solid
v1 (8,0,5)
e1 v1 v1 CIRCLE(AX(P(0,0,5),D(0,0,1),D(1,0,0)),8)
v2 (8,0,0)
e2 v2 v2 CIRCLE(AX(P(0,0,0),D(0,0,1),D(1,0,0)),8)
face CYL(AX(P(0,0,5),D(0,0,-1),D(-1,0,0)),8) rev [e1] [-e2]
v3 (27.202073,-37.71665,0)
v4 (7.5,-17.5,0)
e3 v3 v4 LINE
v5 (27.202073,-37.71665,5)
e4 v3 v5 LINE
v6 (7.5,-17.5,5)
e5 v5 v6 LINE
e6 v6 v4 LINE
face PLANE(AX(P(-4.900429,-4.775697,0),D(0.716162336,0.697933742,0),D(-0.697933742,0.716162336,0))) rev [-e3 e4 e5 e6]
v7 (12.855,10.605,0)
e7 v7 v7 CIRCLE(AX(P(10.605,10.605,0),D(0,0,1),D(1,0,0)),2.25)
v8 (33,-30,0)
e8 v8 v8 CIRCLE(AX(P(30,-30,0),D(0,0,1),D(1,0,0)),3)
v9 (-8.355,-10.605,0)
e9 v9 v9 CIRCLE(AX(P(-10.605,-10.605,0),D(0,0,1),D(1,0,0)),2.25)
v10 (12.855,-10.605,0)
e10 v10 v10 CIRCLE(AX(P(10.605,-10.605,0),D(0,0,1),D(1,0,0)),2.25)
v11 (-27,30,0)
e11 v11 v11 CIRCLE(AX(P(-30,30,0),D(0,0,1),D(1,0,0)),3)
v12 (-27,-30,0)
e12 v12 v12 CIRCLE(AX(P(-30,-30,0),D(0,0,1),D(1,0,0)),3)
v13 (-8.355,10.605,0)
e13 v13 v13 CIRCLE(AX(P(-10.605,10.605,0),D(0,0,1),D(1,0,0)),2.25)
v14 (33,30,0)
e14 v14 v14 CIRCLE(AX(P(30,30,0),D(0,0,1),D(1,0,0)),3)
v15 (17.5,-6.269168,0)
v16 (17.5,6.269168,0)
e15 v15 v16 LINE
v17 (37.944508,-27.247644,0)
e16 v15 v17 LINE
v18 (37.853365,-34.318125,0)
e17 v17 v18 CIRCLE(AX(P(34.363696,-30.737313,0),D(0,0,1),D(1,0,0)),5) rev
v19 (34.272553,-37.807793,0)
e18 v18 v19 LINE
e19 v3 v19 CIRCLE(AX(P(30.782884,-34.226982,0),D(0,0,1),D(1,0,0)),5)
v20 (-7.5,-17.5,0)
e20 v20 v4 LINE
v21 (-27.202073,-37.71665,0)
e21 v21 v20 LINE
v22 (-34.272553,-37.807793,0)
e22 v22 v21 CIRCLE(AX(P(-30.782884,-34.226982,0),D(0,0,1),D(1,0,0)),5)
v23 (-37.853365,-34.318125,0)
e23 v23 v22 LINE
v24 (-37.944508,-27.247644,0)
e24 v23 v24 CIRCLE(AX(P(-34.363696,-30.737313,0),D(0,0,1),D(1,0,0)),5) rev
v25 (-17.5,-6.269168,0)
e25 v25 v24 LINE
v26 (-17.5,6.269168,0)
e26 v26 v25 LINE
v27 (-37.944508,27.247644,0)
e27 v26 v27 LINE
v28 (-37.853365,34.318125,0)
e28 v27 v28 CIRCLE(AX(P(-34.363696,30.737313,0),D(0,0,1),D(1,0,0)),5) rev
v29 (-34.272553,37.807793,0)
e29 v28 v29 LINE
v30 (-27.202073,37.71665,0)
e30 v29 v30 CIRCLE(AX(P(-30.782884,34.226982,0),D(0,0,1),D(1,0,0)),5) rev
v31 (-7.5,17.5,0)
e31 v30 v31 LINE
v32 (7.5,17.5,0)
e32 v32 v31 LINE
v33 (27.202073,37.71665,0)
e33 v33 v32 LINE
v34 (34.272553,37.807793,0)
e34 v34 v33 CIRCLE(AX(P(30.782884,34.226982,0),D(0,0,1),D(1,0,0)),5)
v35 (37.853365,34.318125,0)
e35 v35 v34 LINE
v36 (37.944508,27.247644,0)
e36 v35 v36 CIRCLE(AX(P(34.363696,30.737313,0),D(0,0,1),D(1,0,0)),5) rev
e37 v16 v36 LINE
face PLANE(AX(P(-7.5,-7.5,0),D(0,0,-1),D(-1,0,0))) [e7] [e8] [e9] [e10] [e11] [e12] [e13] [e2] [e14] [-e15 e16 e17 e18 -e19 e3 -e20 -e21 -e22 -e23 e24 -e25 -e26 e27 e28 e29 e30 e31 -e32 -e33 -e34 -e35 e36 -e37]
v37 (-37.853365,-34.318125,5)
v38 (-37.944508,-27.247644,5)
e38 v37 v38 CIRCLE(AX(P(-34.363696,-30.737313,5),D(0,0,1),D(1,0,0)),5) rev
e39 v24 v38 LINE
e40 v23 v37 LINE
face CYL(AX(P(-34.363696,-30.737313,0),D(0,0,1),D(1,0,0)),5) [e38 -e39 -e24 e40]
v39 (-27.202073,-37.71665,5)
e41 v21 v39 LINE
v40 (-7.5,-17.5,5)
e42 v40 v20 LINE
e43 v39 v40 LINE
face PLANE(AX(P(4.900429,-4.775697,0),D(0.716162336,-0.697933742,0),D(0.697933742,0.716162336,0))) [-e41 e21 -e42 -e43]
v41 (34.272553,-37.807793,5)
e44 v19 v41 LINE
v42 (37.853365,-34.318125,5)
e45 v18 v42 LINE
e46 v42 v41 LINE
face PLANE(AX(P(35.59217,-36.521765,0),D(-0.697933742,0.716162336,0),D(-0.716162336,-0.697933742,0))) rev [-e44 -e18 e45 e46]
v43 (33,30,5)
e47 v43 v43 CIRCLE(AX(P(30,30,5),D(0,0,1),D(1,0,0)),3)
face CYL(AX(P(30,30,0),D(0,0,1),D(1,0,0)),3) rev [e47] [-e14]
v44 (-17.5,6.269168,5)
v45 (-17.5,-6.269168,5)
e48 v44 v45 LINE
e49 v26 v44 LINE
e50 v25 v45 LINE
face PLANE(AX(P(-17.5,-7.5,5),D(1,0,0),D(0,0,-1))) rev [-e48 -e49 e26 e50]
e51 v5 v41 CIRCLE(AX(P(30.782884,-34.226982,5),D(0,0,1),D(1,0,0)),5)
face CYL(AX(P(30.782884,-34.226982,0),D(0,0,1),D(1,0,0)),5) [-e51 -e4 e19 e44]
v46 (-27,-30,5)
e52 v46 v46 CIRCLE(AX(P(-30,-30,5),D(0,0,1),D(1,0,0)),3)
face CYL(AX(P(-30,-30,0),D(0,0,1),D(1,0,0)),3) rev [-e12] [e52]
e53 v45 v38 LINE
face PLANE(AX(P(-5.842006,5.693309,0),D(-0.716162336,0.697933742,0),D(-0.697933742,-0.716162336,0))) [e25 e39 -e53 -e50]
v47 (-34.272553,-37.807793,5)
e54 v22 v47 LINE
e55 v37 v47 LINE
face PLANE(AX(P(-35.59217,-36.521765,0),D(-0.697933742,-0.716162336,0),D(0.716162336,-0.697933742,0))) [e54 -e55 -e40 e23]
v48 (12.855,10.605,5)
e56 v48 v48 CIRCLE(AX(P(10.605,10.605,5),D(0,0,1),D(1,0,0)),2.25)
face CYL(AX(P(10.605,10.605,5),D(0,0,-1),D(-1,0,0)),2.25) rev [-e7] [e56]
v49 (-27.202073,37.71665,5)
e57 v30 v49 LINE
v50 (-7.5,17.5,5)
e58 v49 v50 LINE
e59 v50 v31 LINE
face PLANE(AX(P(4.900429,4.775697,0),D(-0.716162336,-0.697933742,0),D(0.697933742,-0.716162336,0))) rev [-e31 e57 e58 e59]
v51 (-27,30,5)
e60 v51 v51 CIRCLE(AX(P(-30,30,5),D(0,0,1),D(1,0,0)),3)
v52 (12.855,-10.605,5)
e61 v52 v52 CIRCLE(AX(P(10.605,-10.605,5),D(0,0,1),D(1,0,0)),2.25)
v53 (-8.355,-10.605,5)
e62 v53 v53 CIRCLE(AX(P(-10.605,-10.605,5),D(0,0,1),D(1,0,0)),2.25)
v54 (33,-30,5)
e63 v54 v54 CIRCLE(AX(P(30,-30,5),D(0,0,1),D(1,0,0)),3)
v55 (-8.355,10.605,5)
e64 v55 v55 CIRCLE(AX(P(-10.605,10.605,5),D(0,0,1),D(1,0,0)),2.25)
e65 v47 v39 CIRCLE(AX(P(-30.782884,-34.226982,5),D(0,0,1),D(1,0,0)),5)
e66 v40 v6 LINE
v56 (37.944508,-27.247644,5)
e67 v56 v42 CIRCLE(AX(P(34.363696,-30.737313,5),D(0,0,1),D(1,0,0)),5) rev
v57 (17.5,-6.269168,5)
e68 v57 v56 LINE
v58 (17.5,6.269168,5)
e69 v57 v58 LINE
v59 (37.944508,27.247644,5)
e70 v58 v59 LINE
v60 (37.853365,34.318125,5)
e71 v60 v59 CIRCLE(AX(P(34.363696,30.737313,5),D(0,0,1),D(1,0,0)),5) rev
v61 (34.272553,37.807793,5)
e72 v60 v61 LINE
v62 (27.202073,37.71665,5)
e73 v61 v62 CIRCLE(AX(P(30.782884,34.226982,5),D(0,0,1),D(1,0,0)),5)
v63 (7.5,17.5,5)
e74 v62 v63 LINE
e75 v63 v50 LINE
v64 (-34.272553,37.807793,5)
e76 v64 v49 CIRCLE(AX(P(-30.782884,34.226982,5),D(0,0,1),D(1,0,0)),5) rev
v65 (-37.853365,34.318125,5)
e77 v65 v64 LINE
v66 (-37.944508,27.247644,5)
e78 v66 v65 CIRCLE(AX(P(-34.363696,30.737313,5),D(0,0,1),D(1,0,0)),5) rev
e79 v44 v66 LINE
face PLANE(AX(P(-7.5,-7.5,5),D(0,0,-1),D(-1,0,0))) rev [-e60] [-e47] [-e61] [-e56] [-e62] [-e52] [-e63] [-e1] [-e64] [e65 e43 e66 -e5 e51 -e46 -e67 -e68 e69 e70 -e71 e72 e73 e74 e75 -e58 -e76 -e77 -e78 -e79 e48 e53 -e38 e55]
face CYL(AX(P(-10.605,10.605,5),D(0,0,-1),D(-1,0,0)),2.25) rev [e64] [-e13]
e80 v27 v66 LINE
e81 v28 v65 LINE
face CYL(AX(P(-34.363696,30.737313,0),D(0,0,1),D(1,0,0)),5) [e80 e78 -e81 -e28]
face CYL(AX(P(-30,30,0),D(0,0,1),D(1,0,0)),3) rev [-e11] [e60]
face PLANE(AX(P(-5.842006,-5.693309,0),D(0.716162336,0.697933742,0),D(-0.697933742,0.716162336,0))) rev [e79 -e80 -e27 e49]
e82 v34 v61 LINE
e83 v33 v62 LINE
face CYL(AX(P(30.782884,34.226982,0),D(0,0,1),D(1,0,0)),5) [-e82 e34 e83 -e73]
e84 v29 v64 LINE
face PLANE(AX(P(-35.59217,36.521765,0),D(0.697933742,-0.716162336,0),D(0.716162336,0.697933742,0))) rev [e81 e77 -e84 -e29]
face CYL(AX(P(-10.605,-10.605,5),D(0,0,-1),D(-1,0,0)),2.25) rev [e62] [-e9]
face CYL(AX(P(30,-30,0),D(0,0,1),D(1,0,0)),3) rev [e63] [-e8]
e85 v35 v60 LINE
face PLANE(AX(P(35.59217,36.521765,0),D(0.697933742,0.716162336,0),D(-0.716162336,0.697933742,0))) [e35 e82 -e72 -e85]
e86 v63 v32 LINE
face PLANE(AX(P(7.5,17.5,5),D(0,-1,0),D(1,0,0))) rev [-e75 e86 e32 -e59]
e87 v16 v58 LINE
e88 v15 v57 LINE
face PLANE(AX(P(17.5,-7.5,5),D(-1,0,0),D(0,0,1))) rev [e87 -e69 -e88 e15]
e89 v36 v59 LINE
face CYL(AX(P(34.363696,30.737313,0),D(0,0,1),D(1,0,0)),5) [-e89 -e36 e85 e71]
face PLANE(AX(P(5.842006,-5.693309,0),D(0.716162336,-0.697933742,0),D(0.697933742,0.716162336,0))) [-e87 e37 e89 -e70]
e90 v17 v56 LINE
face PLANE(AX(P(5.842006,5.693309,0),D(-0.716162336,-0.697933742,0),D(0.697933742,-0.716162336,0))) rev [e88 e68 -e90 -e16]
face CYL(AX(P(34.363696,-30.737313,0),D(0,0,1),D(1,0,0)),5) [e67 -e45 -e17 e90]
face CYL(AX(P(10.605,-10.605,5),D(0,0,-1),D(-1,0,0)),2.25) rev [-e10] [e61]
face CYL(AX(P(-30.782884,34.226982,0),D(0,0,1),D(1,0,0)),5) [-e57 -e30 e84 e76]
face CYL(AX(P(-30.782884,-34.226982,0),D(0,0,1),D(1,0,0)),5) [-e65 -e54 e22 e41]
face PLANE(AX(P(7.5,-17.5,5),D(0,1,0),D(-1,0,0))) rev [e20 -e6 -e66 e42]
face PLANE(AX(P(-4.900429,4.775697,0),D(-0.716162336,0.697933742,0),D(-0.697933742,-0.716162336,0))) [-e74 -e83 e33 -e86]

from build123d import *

# Parameters (mm, degrees)
ESQUISSE1_R        = 8
ESQUISSE1_R_2      = 2.25
BOSS_EXTRU_1_DEPTH = 5
BOSS_EXTRU_2_START = -5
ESQUISSE2_R        = 3
BOSS_EXTRU_2_DEPTH = 5


with BuildPart() as part:
    # Esquisse1 → Boss.-Extru.1 (new body)
    with BuildSketch(Plane.XY):
        with BuildLine():
            Line((7.5, -17.5), (-7.5, -17.5))
            ThreePointArc((-7.5, -17.5), (-14.571067812, -14.571067812), (-17.5, -7.5))
            Line((-17.5, -7.5), (-17.5, 7.5))
            ThreePointArc((-17.5, 7.5), (-14.571067812, 14.571067812), (-7.5, 17.5))
            Line((-7.5, 17.5), (7.5, 17.5))
            ThreePointArc((7.5, 17.5), (14.571067812, 14.571067812), (17.5, 7.5))
            Line((17.5, 7.5), (17.5, -7.5))
            ThreePointArc((17.5, -7.5), (14.571067812, -14.571067812), (7.5, -17.5))
        make_face()
        Circle(ESQUISSE1_R, mode=Mode.SUBTRACT)
        with Locations((-10.605, 10.605)):
            Circle(ESQUISSE1_R_2, mode=Mode.SUBTRACT)
        with Locations((10.605, 10.605)):
            Circle(ESQUISSE1_R_2, mode=Mode.SUBTRACT)
        with Locations((-10.605, -10.605)):
            Circle(ESQUISSE1_R_2, mode=Mode.SUBTRACT)
        with Locations((10.605, -10.605)):
            Circle(ESQUISSE1_R_2, mode=Mode.SUBTRACT)
    extrude(amount=BOSS_EXTRU_1_DEPTH)

    # Esquisse2 → Boss.-Extru.2 (add)
    # profile 1 of 4: a face of its own
    with BuildSketch(Plane.XY.offset(5).offset(BOSS_EXTRU_2_START)):
        with BuildLine():
            Line((-37.944507823, 27.247644267), (-17.5, 6.269167951))
            Line((-17.5, 6.269167951), (-17.5, 7.5))
            ThreePointArc((-17.5, 7.5), (-14.571067812, 14.571067812), (-7.5, 17.5))
            Line((-7.5, 17.5), (-27.202072783, 37.7166504))
            ThreePointArc((-27.202072783, 37.7166504), (-30.718436651, 39.22656632), (-34.272553174, 37.807793369))
            Line((-34.272553174, 37.807793369), (-37.853364854, 34.318124658))
            ThreePointArc((-37.853364854, 34.318124658), (-39.363280773, 30.80176079), (-37.944507823, 27.247644267))
        make_face()
        with Locations((-30, 30)):
            Circle(ESQUISSE2_R, mode=Mode.SUBTRACT)
    # profile 2 of 4: a face of its own
    with BuildSketch(Plane.XY.offset(5).offset(BOSS_EXTRU_2_START)):
        with BuildLine():
            ThreePointArc((37.944507823, 27.247644267), (39.363280773, 30.80176079), (37.853364854, 34.318124658))
            Line((37.853364854, 34.318124658), (34.272553174, 37.807793369))
            ThreePointArc((34.272553174, 37.807793369), (30.718436651, 39.22656632), (27.202072783, 37.7166504))
            Line((27.202072783, 37.7166504), (7.5, 17.5))
            ThreePointArc((7.5, 17.5), (14.571067812, 14.571067812), (17.5, 7.5))
            Line((17.5, 7.5), (17.5, 6.269167951))
            Line((17.5, 6.269167951), (37.944507823, 27.247644267))
        make_face()
        with Locations((30, 30)):
            Circle(ESQUISSE2_R, mode=Mode.SUBTRACT)
    # profile 3 of 4: a face of its own
    with BuildSketch(Plane.XY.offset(5).offset(BOSS_EXTRU_2_START)):
        with BuildLine():
            Line((37.944507823, -27.247644267), (17.5, -6.269167951))
            Line((17.5, -6.269167951), (17.5, -7.5))
            ThreePointArc((17.5, -7.5), (14.571067812, -14.571067812), (7.5, -17.5))
            Line((7.5, -17.5), (27.202072783, -37.7166504))
            ThreePointArc((27.202072783, -37.7166504), (30.718436651, -39.22656632), (34.272553174, -37.807793369))
            Line((34.272553174, -37.807793369), (37.853364854, -34.318124658))
            ThreePointArc((37.853364854, -34.318124658), (39.363280773, -30.80176079), (37.944507823, -27.247644267))
        make_face()
        with Locations((30, -30)):
            Circle(ESQUISSE2_R, mode=Mode.SUBTRACT)
    # profile 4 of 4: a face of its own
    with BuildSketch(Plane.XY.offset(5).offset(BOSS_EXTRU_2_START)):
        with BuildLine():
            Line((-17.5, -7.5), (-17.5, -6.269167951))
            Line((-17.5, -6.269167951), (-37.944507823, -27.247644267))
            ThreePointArc((-37.944507823, -27.247644267), (-39.363280773, -30.80176079), (-37.853364854, -34.318124658))
            Line((-37.853364854, -34.318124658), (-34.272553174, -37.807793369))
            ThreePointArc((-34.272553174, -37.807793369), (-30.718436651, -39.22656632), (-27.202072783, -37.7166504))
            Line((-27.202072783, -37.7166504), (-7.5, -17.5))
            ThreePointArc((-7.5, -17.5), (-14.571067812, -14.571067812), (-17.5, -7.5))
        make_face()
        with Locations((-30, -30)):
            Circle(ESQUISSE2_R, mode=Mode.SUBTRACT)
    extrude(amount=BOSS_EXTRU_2_DEPTH)


solid = part.part
